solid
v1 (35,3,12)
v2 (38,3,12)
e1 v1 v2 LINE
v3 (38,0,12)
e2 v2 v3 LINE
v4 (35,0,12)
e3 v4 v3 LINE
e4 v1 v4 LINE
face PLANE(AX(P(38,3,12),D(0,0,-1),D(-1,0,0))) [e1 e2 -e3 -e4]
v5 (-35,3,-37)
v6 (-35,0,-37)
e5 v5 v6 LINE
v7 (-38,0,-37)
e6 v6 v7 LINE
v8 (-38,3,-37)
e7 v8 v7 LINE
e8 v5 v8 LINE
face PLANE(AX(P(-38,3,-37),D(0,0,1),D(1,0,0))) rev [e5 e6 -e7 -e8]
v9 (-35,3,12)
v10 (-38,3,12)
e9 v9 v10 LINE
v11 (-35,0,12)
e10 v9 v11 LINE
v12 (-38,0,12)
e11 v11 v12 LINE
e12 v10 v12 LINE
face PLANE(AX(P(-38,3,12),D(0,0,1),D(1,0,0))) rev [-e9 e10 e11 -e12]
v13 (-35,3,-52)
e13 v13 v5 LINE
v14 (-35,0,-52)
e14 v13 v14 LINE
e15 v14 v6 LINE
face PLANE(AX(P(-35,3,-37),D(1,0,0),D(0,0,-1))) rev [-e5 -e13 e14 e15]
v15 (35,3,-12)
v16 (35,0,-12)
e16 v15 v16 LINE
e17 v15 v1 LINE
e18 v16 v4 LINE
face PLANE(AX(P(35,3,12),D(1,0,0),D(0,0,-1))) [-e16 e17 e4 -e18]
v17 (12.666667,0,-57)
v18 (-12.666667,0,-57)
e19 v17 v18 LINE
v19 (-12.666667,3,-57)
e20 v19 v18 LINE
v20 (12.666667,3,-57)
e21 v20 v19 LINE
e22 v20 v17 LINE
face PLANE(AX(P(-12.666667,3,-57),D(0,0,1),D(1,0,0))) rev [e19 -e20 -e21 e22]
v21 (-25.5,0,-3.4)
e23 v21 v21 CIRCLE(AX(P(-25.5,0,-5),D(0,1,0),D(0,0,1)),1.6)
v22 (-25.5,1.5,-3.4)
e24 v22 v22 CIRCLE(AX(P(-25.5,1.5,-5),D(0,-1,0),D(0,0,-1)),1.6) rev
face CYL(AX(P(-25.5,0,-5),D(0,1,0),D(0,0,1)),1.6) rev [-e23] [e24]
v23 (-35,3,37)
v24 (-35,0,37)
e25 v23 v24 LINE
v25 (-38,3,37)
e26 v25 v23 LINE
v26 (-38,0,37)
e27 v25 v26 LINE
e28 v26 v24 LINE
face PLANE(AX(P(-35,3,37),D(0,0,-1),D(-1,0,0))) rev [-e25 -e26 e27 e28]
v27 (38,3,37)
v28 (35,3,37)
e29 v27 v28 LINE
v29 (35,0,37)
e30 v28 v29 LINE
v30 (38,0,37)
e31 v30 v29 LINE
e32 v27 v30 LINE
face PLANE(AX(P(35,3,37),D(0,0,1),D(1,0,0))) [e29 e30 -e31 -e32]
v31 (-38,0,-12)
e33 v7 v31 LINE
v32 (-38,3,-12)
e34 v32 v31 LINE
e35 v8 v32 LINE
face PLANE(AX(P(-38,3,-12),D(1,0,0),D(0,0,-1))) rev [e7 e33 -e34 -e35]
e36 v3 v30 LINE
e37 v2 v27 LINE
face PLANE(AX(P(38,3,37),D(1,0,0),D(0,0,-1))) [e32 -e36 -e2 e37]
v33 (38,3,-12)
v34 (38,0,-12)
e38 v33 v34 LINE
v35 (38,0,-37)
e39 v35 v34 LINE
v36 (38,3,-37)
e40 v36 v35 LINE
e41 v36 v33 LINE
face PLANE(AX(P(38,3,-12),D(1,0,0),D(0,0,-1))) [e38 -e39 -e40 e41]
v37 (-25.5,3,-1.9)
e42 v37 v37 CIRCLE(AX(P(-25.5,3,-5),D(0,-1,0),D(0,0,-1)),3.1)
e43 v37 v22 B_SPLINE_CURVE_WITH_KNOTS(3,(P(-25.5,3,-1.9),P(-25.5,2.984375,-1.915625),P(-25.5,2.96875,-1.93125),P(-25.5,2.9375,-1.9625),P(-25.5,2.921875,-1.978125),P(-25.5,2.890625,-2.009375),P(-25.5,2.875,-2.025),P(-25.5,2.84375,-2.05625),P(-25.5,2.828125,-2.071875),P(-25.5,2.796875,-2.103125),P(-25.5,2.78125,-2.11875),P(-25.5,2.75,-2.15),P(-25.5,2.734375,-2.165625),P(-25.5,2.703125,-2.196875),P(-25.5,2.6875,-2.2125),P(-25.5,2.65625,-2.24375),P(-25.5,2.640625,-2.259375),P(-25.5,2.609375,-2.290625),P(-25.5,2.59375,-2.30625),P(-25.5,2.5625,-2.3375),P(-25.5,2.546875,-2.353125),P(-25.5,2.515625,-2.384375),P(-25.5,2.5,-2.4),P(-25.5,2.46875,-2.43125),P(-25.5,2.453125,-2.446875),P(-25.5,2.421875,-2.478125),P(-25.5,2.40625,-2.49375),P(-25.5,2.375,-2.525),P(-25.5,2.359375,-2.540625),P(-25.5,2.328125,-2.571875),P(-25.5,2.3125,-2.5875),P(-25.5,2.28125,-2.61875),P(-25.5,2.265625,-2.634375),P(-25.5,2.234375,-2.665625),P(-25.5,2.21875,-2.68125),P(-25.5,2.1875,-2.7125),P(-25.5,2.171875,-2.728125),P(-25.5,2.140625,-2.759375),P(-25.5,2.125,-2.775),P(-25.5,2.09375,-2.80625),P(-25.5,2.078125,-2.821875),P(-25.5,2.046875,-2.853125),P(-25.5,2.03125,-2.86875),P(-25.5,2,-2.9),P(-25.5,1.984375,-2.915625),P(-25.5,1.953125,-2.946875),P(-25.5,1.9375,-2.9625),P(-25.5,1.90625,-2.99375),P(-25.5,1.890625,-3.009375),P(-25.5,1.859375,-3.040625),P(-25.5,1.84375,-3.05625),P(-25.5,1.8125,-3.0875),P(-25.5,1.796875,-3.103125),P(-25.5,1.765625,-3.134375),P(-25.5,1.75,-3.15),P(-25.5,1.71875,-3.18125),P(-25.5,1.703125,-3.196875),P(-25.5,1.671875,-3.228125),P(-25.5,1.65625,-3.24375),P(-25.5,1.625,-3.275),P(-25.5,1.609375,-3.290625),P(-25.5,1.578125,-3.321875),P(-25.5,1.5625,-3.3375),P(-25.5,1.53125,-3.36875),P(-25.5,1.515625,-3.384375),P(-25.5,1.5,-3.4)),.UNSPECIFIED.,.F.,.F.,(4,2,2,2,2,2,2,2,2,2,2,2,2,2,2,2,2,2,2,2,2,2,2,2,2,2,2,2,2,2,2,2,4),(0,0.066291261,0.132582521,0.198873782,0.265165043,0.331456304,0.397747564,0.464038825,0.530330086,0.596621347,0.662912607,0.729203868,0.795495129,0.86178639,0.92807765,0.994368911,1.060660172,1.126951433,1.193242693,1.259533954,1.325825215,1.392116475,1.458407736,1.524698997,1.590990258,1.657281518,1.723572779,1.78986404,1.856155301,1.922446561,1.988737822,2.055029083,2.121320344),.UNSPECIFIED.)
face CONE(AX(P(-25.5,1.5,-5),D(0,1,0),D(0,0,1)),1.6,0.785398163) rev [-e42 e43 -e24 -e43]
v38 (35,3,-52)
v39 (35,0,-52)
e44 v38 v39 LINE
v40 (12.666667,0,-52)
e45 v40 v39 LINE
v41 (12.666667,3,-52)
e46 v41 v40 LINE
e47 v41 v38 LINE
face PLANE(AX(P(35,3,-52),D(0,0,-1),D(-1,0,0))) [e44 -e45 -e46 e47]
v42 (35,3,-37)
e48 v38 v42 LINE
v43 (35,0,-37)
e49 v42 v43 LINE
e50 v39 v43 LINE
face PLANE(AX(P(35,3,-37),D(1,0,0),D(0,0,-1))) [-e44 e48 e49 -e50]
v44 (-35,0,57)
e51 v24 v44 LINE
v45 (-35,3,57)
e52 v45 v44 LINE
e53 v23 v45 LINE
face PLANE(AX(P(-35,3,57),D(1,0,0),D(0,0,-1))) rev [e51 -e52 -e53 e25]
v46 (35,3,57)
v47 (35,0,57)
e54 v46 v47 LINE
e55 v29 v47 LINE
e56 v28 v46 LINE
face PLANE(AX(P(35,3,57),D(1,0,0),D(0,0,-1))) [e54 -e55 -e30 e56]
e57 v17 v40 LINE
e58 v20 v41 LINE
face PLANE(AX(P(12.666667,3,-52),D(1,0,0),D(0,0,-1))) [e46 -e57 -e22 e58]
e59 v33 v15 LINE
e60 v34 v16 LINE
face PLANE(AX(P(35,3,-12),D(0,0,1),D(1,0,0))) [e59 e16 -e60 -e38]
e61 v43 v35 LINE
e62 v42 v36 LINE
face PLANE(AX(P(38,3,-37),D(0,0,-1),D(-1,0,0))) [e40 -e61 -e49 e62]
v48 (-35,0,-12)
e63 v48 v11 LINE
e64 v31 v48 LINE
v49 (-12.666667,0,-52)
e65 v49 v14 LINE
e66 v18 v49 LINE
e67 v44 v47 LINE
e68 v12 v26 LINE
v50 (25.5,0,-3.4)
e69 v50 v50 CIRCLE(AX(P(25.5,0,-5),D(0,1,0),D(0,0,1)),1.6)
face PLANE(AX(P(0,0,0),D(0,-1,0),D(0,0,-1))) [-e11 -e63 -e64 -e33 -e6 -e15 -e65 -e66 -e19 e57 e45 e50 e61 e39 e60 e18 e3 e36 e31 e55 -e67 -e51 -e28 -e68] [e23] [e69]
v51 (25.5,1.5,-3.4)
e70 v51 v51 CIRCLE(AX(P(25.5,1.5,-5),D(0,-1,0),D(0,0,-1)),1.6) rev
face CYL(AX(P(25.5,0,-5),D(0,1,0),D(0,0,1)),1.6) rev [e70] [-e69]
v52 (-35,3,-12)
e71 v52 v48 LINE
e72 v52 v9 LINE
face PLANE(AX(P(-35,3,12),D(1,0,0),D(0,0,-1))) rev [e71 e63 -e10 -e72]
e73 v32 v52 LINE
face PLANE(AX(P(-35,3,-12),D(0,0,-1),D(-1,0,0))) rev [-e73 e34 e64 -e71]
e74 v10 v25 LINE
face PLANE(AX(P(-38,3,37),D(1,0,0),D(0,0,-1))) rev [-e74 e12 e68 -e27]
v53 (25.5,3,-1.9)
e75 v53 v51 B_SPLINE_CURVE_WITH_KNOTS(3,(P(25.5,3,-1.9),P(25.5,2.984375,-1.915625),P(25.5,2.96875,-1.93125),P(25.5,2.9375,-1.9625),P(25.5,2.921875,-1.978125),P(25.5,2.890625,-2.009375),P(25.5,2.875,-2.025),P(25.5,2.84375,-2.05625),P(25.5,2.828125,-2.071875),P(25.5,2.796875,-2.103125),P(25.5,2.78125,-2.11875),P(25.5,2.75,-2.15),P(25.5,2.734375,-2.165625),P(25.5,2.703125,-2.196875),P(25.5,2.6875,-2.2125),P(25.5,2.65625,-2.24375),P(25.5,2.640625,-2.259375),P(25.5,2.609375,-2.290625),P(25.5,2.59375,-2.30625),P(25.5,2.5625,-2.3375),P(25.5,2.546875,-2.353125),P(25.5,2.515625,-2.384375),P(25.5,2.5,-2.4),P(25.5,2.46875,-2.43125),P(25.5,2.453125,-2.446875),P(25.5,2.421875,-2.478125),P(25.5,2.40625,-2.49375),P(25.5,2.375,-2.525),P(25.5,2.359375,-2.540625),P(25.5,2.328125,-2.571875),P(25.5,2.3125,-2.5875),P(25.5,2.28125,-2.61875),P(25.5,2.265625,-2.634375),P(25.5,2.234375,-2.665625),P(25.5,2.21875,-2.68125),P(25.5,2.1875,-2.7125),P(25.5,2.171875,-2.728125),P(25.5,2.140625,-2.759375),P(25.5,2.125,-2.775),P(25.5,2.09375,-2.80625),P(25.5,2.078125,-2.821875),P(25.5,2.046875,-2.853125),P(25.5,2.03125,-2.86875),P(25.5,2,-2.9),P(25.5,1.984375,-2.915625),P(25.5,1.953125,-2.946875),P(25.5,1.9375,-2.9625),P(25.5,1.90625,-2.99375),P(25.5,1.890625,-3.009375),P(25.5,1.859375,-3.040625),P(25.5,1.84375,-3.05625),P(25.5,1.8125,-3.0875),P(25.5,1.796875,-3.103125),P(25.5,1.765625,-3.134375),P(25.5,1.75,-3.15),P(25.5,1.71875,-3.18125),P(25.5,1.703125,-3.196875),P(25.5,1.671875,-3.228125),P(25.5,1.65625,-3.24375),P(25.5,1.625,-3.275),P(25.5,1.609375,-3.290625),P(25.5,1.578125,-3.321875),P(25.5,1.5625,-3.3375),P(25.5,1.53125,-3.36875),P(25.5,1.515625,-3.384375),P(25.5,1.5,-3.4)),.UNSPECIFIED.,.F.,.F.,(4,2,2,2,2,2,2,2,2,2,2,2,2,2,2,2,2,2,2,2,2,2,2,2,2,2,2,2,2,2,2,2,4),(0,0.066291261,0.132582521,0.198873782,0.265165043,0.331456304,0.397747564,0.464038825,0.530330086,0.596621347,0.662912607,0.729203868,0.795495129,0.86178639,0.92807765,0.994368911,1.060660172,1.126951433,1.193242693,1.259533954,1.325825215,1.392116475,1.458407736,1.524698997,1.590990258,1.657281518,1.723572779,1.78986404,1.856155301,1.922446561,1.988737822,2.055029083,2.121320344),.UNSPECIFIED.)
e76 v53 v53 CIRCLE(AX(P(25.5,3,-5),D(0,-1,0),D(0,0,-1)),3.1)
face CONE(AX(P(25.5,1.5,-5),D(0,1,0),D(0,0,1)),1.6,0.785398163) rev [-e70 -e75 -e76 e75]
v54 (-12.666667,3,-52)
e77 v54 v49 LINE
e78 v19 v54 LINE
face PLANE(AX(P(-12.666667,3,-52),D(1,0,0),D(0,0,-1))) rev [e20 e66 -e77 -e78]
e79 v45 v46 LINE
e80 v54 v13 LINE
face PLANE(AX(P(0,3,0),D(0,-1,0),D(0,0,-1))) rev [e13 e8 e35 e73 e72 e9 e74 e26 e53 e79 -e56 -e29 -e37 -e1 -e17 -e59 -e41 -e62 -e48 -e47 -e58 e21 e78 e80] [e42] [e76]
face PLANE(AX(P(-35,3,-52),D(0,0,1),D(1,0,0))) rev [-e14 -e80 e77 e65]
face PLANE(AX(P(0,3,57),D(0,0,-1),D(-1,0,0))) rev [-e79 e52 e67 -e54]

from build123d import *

# Parameters (mm, degrees)
BOSS_EXTRUDE1_DEPTH = 3
SKETCH2_R           = 1.6
CUT_EXTRUDE1_DEPTH  = 69.571130952
CHAMFER1_SIZE       = 1.5


with BuildPart() as part:
    # Sketch1 → Boss-Extrude1 (new body)
    with BuildSketch(Plane(origin=(0, 0, 0), x_dir=(1, 0, 0), z_dir=(0, 1, 0))):
        Polygon((0, -57), (-35, -57), (-35, -37), (-38, -37), (-38, -12), (-35, -12), (-35, 12), (-38, 12), (-38, 37), (-35, 37), (-35, 52), (-12.666666667, 52), (-12.666666667, 57), (0, 57), align=None)
    boss_extrude1 = extrude(amount=BOSS_EXTRUDE1_DEPTH)

    # Mirror1: Boss-Extrude1 across plane
    add(boss_extrude1.mirror(Plane(origin=(0, 3, -57), x_dir=(0, 0, 1), z_dir=(-1, 0, 0))))

    # Sketch2 → Cut-Extrude1 (cut, through all)
    with BuildSketch(Plane(origin=(0, 3, 0), x_dir=(1, 0, 0), z_dir=(0, 1, 0))):
        with Locations(Location((-25.5, 5, 0), (0, 0, 270))):
            Circle(SKETCH2_R)
        with Locations(Location((25.5, 5, 0), (0, 0, 270))):
            Circle(SKETCH2_R)
    extrude(amount=-CUT_EXTRUDE1_DEPTH, mode=Mode.SUBTRACT)

    # Chamfer1
    chamfer1_edges = [part.edges().sort_by_distance(p)[0] for p in [
        (-25.5, 3, -6.6),
        (25.5, 3, -6.6),
    ]]
    chamfer(chamfer1_edges, length=CHAMFER1_SIZE)


solid = part.part
